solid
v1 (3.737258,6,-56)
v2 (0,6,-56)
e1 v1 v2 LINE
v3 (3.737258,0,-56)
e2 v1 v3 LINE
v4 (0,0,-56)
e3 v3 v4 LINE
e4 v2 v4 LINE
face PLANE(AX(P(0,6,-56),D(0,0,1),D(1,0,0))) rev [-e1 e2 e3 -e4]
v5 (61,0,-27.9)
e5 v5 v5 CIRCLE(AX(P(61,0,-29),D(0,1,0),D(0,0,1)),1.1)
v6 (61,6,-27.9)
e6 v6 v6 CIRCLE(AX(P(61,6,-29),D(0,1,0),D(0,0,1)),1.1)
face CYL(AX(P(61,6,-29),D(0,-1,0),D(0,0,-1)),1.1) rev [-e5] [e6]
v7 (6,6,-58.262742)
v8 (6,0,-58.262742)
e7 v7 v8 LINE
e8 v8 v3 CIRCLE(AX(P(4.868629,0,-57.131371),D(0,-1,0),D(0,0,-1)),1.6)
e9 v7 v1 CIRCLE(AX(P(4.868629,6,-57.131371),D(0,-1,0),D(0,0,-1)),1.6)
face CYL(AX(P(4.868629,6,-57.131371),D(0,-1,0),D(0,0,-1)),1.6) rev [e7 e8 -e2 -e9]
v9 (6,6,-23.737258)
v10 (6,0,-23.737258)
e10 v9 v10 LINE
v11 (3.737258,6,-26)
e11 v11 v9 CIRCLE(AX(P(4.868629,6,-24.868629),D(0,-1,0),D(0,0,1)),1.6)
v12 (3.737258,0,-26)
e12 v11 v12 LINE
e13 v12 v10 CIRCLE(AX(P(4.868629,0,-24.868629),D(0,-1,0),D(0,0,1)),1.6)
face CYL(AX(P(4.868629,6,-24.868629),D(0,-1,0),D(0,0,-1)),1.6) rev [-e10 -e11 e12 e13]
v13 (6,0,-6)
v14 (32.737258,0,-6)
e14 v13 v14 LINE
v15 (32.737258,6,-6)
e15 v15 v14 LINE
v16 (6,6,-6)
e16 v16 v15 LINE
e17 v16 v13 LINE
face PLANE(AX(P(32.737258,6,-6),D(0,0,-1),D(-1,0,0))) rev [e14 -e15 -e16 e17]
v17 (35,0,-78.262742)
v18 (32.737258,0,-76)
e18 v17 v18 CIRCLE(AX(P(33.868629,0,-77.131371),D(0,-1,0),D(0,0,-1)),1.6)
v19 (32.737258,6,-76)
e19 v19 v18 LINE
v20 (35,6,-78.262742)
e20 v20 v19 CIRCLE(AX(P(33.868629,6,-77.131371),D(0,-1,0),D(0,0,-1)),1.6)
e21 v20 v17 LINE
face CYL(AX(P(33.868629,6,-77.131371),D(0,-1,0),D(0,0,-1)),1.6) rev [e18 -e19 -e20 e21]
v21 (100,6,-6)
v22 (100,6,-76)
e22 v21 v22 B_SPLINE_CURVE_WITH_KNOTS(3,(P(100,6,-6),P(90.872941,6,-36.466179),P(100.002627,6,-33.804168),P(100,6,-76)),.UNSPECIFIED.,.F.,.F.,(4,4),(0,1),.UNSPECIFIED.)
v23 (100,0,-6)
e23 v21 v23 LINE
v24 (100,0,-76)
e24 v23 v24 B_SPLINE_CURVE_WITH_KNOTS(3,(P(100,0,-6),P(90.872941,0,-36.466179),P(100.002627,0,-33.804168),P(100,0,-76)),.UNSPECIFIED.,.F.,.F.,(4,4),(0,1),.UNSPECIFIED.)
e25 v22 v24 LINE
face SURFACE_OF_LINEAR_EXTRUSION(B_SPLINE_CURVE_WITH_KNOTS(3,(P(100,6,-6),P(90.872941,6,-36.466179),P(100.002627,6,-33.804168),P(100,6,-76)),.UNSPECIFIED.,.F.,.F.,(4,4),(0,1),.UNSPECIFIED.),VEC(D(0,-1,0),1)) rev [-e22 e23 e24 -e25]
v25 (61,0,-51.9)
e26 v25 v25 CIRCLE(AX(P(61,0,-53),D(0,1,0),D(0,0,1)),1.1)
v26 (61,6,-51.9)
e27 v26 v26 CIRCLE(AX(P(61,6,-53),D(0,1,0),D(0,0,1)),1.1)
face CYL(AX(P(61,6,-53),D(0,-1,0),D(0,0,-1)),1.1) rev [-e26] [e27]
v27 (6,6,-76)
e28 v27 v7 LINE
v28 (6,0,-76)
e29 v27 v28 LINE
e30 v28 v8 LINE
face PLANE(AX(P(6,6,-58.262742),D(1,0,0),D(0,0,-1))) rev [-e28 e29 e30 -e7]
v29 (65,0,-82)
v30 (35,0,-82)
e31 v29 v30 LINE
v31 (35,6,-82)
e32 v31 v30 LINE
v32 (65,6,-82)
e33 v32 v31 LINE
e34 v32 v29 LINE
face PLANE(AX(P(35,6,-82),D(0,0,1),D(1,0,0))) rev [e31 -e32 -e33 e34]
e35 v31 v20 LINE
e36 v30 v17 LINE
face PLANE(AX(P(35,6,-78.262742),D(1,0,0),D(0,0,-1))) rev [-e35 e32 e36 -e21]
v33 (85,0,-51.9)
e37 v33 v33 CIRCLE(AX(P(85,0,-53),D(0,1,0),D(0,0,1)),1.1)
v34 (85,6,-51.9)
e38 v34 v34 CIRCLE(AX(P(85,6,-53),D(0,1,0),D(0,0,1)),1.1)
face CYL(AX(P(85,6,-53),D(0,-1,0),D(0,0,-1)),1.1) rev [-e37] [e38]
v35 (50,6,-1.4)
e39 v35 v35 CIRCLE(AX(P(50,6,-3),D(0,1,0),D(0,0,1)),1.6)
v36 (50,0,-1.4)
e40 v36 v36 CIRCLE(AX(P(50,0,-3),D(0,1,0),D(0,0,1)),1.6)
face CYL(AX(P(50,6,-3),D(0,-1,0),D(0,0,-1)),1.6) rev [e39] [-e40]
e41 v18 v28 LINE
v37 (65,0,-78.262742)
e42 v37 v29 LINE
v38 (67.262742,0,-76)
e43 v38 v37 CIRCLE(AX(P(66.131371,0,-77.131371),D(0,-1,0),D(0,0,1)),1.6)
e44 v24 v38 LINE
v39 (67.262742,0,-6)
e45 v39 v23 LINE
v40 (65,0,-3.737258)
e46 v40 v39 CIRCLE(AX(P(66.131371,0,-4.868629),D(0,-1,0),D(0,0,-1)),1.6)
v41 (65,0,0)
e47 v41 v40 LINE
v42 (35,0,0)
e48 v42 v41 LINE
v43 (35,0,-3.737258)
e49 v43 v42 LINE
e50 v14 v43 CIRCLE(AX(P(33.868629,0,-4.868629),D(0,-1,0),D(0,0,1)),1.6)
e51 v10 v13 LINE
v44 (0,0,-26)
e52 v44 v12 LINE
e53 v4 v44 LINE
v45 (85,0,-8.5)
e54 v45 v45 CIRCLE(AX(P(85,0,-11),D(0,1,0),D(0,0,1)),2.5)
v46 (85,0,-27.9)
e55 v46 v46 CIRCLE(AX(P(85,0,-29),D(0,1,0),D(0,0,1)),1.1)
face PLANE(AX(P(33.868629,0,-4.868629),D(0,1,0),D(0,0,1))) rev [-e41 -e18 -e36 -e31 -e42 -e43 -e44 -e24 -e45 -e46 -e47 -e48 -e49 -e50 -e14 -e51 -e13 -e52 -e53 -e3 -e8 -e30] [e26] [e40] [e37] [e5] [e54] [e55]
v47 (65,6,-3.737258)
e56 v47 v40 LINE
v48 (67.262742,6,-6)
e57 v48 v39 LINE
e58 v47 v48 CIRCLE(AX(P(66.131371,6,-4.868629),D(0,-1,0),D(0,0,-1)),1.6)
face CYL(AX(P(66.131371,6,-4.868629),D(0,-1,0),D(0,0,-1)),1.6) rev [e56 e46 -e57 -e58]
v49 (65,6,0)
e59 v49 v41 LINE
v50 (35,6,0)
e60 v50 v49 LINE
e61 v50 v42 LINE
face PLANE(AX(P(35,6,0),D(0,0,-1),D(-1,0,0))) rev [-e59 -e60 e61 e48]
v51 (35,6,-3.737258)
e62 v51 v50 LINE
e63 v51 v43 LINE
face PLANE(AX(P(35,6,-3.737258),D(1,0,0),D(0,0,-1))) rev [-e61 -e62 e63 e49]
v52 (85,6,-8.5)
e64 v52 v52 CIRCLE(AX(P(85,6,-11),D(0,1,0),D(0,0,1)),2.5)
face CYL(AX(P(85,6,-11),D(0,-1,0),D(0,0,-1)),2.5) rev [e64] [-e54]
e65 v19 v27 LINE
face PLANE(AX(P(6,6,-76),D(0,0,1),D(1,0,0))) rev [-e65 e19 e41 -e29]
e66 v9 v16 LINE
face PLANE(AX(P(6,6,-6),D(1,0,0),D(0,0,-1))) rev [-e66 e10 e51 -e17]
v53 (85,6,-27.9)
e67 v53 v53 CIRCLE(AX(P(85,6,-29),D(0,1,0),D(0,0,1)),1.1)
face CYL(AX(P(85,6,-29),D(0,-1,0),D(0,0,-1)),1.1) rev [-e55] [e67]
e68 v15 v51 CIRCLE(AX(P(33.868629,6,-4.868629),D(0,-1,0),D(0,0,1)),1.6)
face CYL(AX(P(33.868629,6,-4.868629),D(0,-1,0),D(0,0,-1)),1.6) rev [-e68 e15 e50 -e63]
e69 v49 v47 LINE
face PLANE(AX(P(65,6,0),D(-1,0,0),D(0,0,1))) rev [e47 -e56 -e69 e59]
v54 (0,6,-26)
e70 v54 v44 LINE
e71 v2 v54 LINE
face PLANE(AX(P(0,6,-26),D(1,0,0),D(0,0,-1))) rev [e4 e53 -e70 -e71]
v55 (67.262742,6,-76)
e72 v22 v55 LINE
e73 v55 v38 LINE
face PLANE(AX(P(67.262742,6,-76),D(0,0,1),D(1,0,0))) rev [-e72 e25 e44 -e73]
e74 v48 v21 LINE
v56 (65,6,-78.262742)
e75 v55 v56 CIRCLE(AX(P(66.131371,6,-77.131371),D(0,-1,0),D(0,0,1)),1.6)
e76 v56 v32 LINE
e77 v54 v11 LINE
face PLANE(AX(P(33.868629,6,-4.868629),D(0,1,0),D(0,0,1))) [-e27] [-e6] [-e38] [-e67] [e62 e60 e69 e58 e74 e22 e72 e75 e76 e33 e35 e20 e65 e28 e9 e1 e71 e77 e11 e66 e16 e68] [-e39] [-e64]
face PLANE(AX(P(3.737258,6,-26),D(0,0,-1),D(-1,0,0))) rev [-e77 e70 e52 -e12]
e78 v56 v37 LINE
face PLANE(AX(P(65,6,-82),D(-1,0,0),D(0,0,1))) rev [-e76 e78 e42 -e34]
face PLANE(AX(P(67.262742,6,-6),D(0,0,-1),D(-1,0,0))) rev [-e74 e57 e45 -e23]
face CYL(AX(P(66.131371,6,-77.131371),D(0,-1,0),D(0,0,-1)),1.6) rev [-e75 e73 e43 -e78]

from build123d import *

# Parameters (mm, degrees)
ESQUISSE1_R        = 1.1
ESQUISSE1_R_2      = 2.5
ESQUISSE1_R_3      = 1.6
BOSS_EXTRU_1_DEPTH = 6


with BuildPart() as part:
    # Esquisse1 → Boss.-Extru.1 (new body)
    with BuildSketch(Plane(origin=(0, 0, 0), x_dir=(1, 0, 0), z_dir=(0, 1, 0))):
        with BuildLine():
            Line((35, 3.7372583), (35, 0))
            Line((35, 0), (65, 0))
            Line((65, 0), (65, 3.7372583))
            ThreePointArc((65, 3.7372583), (65, 6), (67.2627417, 6))
            Line((67.2627417, 6), (100, 6))
            add(Edge.make_bspline(
                [(100, 76), (100.002627286, 33.804168005), (90.872941061, 36.466178743), (100, 6)],
                knots=[0, 0, 0, 0, 1, 1, 1, 1], degree=3))
            Line((100, 76), (67.2627417, 76))
            ThreePointArc((67.2627417, 76), (65, 76), (65, 78.2627417))
            Line((65, 78.2627417), (65, 82))
            Line((65, 82), (35, 82))
            Line((35, 82), (35, 78.2627417))
            ThreePointArc((35, 78.2627417), (35, 76), (32.7372583, 76))
            Line((32.7372583, 76), (6, 76))
            Line((6, 76), (6, 58.2627417))
            ThreePointArc((6, 58.2627417), (6, 56), (3.7372583, 56))
            Line((3.7372583, 56), (0, 56))
            Line((0, 56), (0, 26))
            Line((0, 26), (3.7372583, 26))
            ThreePointArc((3.7372583, 26), (6, 26), (6, 23.7372583))
            Line((6, 23.7372583), (6, 6))
            Line((6, 6), (32.7372583, 6))
            ThreePointArc((32.7372583, 6), (35, 6), (35, 3.7372583))
        make_face()
        with Locations(Location((85, 53, 0), (0, 0, 270))):  # turned: the seam where the file's is
            Circle(ESQUISSE1_R, mode=Mode.SUBTRACT)
        with Locations(Location((61, 53, 0), (0, 0, 270))):  # turned: the seam where the file's is
            Circle(ESQUISSE1_R, mode=Mode.SUBTRACT)
        with Locations(Location((85, 29, 0), (0, 0, 270))):  # turned: the seam where the file's is
            Circle(ESQUISSE1_R, mode=Mode.SUBTRACT)
        with Locations(Location((61, 29, 0), (0, 0, 270))):  # turned: the seam where the file's is
            Circle(ESQUISSE1_R, mode=Mode.SUBTRACT)
        with Locations(Location((85, 11, 0), (0, 0, 270))):  # turned: the seam where the file's is
            Circle(ESQUISSE1_R_2, mode=Mode.SUBTRACT)
        with Locations(Location((50, 3, 0), (0, 0, 270))):  # turned: the seam where the file's is
            Circle(ESQUISSE1_R_3, mode=Mode.SUBTRACT)
    extrude(amount=BOSS_EXTRU_1_DEPTH)


solid = part.part
